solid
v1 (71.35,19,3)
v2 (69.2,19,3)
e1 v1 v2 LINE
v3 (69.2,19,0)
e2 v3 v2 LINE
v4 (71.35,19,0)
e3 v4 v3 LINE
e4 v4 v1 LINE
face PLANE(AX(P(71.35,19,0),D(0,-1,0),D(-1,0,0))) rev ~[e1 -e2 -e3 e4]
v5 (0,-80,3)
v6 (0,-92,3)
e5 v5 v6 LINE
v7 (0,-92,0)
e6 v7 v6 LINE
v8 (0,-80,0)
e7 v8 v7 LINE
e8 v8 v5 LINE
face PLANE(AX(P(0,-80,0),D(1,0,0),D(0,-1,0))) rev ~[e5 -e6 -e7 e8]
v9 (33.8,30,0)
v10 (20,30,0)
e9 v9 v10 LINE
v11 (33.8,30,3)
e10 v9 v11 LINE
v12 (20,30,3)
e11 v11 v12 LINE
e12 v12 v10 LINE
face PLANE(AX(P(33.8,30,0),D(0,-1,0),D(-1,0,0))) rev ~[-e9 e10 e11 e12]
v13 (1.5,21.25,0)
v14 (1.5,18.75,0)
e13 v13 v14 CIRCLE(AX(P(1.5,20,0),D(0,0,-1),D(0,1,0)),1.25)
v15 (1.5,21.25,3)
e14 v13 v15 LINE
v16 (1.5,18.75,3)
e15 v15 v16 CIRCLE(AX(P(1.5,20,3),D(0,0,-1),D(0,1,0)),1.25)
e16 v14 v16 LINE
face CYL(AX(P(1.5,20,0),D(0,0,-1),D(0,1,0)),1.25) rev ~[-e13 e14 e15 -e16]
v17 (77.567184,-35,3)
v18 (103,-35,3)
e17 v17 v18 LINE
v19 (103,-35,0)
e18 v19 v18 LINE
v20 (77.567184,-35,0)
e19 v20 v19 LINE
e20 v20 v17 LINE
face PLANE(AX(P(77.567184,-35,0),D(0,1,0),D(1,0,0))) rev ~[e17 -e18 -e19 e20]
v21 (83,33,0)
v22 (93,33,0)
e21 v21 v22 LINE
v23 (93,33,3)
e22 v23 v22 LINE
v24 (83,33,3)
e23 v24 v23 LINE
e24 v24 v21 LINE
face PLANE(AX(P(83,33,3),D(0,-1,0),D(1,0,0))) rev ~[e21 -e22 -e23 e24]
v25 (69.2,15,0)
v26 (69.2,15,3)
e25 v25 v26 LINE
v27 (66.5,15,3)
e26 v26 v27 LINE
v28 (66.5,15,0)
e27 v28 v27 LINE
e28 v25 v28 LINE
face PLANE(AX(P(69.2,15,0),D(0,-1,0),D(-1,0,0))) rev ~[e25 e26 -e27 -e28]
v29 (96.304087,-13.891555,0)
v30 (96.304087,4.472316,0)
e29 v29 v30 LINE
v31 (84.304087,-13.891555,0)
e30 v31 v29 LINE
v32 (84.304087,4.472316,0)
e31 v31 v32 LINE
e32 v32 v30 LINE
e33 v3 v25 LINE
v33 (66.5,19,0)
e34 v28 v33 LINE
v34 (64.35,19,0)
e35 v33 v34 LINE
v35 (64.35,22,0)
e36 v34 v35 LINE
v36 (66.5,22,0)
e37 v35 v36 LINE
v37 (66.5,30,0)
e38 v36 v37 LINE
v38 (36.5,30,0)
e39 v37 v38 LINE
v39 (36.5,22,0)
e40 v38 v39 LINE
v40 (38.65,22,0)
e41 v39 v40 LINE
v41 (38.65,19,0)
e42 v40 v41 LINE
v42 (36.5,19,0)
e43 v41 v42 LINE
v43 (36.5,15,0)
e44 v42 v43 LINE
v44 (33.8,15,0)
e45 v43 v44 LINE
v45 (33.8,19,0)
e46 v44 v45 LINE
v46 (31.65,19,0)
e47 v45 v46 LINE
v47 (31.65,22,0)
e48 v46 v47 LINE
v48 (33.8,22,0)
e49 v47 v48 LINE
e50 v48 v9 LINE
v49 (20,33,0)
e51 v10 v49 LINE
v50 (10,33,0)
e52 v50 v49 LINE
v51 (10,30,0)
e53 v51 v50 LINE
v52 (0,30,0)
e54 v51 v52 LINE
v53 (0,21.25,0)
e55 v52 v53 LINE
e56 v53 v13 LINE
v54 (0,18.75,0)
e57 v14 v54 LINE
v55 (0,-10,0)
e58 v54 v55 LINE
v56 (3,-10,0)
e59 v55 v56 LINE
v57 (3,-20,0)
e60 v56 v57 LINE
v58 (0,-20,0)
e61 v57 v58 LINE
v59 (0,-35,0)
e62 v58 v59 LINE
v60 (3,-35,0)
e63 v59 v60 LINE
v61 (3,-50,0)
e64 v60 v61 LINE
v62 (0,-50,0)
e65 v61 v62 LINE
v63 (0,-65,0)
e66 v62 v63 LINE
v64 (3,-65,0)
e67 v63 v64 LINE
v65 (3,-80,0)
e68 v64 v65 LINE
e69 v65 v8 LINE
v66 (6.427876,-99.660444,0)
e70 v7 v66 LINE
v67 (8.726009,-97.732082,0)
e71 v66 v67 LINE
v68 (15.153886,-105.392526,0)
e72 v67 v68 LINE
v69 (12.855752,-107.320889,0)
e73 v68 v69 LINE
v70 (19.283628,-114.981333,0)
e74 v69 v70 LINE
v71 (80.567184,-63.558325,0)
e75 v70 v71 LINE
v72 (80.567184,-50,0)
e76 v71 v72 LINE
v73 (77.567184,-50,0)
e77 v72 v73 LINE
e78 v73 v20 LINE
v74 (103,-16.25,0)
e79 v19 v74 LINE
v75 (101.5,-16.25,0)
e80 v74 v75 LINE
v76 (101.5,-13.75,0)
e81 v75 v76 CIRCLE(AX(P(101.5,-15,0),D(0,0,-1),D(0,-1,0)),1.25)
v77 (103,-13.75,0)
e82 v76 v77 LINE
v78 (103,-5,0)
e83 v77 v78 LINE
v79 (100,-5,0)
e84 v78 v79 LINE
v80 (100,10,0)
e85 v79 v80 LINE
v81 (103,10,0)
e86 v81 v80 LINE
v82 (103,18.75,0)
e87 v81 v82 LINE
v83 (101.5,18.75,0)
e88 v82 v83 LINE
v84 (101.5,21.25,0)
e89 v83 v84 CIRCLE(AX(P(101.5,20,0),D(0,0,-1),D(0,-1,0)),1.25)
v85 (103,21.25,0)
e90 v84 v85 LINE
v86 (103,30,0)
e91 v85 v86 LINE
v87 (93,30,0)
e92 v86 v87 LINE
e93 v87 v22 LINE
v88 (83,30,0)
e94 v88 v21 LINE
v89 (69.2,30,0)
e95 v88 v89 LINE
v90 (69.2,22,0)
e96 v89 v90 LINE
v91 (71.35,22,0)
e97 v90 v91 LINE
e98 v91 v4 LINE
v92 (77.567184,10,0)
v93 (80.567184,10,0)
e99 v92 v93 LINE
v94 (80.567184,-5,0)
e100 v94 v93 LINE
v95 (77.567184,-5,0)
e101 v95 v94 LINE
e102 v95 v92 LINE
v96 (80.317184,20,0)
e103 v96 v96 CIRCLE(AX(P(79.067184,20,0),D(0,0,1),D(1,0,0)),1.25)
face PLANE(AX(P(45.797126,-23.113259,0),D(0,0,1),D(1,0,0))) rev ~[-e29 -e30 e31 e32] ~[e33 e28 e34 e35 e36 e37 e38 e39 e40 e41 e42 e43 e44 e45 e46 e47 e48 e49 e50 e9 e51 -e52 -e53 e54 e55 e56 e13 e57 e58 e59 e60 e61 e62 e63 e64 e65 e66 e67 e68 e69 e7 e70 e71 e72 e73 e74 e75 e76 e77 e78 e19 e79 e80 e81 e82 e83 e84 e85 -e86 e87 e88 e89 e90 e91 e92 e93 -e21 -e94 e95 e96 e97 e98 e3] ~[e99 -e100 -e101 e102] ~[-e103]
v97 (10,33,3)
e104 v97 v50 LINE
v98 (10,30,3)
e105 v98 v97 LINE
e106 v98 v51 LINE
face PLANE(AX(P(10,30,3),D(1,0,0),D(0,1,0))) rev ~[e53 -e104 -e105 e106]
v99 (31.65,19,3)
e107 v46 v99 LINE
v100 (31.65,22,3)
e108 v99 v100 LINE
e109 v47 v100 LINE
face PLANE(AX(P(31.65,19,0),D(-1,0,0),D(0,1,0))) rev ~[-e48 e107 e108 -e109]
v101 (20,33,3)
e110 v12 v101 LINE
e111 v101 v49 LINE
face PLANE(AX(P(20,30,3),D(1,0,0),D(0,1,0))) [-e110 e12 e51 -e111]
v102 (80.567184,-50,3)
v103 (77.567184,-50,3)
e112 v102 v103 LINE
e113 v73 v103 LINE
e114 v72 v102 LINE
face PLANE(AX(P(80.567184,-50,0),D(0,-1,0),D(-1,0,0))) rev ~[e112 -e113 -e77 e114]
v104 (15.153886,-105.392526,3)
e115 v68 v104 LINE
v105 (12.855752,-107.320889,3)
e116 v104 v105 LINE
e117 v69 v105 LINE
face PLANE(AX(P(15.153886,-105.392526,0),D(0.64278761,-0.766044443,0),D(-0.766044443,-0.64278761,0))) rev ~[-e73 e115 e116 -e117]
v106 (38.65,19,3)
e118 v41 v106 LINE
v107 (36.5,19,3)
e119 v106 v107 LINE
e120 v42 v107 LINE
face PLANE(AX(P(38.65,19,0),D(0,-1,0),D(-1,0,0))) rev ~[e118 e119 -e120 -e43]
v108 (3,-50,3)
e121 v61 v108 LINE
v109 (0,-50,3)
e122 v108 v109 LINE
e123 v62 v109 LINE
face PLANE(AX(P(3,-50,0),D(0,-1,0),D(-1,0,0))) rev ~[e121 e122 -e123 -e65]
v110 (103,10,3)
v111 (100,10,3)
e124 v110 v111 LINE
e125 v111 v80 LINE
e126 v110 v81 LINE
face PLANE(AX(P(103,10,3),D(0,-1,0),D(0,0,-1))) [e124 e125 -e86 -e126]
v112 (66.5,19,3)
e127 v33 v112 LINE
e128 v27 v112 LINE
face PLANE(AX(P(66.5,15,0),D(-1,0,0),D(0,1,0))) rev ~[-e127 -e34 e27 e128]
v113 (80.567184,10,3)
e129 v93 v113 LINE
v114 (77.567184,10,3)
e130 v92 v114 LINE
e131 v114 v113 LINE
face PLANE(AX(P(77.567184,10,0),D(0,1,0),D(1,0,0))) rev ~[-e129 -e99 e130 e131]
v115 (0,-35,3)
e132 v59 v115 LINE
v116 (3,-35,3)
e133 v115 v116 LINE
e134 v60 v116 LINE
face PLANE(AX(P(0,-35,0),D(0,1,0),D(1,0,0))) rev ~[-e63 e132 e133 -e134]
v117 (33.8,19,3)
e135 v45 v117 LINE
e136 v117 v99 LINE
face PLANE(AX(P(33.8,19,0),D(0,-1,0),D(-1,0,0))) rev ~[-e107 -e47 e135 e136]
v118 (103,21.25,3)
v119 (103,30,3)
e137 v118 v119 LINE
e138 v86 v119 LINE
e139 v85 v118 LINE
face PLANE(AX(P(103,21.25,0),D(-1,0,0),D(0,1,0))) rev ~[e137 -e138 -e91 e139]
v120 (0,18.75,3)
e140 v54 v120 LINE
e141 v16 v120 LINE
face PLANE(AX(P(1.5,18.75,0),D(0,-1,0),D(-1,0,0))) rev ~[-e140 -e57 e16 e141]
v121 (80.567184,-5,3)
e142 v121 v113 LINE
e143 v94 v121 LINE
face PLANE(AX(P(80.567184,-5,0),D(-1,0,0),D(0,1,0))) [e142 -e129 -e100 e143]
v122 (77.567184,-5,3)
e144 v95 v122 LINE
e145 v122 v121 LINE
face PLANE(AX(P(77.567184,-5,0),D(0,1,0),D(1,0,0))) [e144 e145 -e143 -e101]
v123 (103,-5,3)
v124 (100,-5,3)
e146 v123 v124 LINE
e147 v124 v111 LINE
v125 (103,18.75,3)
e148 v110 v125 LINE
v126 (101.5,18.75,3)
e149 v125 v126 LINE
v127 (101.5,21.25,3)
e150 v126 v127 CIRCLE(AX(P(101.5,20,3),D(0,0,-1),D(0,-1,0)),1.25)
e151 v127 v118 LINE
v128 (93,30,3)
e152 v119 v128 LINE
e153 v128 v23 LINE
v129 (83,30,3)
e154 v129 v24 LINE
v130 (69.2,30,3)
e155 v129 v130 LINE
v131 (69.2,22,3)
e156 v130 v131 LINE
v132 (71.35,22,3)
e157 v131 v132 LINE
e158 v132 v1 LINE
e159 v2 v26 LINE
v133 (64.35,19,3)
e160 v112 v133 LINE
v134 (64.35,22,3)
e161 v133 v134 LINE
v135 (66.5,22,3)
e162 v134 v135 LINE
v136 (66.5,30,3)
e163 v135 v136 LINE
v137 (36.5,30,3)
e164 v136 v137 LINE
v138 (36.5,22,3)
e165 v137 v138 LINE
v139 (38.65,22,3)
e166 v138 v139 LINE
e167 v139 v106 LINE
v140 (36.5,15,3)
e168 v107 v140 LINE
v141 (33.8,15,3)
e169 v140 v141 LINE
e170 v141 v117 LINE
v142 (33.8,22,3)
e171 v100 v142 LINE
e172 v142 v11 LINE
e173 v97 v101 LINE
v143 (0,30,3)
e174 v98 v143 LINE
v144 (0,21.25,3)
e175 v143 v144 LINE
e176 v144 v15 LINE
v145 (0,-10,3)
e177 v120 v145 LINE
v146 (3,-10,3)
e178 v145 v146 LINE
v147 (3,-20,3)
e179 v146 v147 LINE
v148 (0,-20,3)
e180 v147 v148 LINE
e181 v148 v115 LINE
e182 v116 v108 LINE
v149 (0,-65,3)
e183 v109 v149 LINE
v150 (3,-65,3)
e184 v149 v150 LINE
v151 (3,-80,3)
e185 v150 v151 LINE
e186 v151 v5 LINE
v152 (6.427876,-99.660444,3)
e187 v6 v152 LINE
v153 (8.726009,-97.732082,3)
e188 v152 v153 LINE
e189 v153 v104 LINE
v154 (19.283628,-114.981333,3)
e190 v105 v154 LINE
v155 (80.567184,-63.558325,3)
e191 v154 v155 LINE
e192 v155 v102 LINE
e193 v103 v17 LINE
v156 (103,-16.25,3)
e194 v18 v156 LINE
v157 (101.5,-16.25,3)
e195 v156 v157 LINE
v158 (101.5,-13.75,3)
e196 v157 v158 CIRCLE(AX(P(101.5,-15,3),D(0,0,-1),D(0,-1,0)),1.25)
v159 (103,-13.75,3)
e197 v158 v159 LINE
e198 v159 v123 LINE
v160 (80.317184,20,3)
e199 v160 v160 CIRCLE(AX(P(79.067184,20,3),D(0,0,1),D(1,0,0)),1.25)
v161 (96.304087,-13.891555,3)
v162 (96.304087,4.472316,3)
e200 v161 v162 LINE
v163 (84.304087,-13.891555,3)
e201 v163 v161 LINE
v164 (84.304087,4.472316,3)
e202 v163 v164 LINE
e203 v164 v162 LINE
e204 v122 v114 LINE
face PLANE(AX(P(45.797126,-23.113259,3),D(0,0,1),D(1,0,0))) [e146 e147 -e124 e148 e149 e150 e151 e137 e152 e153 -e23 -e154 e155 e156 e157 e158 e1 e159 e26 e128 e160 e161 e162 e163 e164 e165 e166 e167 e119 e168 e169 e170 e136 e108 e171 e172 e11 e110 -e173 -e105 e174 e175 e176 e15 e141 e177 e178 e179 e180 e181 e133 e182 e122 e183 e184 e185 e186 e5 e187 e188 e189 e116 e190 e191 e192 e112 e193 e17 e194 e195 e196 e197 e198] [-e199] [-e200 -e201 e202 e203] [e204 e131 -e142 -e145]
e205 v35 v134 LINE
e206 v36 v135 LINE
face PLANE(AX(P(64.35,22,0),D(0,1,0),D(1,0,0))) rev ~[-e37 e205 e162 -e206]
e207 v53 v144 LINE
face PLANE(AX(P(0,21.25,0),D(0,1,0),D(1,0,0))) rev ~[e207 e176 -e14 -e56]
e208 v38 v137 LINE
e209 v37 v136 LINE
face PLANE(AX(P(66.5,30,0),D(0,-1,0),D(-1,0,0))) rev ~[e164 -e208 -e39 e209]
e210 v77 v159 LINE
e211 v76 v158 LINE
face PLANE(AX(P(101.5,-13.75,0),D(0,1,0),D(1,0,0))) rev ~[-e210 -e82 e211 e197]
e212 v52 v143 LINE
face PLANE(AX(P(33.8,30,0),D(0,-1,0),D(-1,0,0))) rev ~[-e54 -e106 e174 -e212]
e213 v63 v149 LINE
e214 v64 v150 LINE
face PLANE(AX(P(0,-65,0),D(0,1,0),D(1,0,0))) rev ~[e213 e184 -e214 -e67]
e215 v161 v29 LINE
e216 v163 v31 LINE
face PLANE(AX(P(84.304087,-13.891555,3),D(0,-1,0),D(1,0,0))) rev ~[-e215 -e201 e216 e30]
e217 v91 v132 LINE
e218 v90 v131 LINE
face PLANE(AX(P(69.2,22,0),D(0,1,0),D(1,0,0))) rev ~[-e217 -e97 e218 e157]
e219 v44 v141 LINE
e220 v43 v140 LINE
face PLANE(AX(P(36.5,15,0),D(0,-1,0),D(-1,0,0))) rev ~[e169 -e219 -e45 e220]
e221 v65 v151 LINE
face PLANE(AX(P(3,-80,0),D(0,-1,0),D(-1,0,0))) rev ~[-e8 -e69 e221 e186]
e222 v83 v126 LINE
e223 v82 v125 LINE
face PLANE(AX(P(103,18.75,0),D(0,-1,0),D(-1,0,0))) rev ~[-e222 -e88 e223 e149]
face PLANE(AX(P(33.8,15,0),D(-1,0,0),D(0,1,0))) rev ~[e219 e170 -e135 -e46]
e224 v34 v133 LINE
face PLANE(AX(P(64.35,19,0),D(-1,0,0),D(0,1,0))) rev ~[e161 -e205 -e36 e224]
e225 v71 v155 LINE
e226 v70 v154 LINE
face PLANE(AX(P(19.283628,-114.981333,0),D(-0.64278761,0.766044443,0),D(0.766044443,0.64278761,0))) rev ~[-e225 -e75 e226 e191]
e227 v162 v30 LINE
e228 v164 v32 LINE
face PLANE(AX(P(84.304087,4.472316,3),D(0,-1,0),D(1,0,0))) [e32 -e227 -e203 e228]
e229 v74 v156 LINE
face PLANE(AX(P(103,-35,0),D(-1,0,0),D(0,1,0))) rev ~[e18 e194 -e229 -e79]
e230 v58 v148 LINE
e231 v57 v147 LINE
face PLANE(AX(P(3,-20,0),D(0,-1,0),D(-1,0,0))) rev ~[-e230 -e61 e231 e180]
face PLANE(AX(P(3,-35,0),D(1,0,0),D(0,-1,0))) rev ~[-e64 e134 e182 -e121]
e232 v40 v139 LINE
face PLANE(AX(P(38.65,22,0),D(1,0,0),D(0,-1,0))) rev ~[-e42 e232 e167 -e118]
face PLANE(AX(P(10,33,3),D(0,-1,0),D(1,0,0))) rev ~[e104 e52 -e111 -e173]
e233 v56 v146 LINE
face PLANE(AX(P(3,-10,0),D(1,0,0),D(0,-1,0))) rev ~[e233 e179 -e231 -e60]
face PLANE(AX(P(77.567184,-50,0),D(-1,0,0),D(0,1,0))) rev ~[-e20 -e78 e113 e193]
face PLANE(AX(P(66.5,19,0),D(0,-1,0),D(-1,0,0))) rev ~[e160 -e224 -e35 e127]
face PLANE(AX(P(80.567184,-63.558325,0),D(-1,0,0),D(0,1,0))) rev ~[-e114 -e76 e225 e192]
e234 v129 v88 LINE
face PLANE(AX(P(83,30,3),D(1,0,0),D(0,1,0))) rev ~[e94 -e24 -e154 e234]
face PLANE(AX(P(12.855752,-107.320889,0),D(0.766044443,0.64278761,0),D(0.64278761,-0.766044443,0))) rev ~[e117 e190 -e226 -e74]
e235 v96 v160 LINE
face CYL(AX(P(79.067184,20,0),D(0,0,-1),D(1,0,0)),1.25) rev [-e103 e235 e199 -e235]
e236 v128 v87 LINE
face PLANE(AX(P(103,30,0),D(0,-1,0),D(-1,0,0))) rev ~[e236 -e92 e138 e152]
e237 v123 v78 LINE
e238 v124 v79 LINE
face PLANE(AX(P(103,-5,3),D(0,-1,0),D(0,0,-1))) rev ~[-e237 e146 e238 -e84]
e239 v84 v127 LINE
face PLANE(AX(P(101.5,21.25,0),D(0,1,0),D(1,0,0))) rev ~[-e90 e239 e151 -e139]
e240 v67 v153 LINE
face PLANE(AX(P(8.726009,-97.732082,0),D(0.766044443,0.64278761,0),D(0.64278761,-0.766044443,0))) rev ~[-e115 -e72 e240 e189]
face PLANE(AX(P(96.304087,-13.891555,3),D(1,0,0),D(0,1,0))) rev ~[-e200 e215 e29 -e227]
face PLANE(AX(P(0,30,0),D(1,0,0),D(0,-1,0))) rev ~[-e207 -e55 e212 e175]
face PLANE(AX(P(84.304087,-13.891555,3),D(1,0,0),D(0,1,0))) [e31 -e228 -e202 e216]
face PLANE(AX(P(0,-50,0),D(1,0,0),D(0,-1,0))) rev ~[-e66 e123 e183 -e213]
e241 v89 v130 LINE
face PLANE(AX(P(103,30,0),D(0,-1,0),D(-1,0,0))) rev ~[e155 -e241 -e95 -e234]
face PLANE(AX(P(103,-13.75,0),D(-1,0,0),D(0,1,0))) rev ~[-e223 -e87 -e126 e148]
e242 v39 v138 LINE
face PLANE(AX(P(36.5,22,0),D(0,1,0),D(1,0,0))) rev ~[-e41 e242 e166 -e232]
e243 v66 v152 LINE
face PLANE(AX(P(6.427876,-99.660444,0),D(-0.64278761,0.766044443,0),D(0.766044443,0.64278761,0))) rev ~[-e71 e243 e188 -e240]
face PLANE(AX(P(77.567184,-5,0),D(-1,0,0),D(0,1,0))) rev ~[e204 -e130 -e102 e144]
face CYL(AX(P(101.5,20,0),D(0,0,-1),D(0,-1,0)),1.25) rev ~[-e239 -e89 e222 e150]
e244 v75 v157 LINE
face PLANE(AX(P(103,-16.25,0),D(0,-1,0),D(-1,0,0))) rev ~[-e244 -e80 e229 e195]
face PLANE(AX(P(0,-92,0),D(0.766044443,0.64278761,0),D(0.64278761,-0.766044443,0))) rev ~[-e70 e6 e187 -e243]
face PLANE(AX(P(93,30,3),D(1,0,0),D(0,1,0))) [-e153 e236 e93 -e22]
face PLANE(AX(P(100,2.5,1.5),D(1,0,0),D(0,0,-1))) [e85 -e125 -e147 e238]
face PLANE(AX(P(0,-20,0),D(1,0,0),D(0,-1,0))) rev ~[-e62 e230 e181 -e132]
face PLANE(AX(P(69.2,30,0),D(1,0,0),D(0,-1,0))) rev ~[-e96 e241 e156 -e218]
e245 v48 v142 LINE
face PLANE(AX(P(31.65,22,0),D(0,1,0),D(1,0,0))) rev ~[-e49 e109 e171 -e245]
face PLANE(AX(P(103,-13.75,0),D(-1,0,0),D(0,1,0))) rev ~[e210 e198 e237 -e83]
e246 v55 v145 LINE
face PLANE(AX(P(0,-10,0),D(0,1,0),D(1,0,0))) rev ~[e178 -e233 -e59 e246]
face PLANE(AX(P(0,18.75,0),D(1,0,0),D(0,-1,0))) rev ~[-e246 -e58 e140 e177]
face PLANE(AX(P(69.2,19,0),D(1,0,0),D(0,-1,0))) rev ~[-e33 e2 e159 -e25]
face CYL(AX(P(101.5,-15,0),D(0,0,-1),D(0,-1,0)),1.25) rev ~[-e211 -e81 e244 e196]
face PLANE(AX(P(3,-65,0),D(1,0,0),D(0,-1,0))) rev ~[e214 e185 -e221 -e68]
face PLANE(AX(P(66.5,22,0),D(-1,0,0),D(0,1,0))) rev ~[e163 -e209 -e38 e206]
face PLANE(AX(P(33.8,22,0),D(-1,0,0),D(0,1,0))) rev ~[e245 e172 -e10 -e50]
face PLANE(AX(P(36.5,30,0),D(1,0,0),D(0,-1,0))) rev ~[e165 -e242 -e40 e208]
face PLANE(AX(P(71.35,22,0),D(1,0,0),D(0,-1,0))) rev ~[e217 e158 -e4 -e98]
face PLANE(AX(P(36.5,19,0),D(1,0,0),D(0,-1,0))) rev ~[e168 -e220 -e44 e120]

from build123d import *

# Parameters (mm, degrees)
CROQUIS1_W              = 3
CROQUIS1_H              = 15
CROQUIS1_R              = 1.25
SALIENTE_EXTRUIR1_DEPTH = 3
CROQUIS2_W              = 3
CROQUIS2_H              = 15
CORTAR_EXTRUIR1_DEPTH   = 3
CROQUIS3_W              = 10
CROQUIS3_H              = 3
SALIENTE_EXTRUIR2_DEPTH = 3
CROQUIS4_W              = 12
CROQUIS4_H              = 18.363871442
CORTAR_EXTRUIR2_DEPTH   = 3


with BuildPart() as part:
    # Croquis1 → Saliente-Extruir1 (new body)
    with BuildSketch(Plane.XY):
        with BuildLine():
            Line((103, 21.25), (103, 30))
            Line((103, 30), (69.2, 30))
            Line((69.2, 30), (69.2, 22))
            Line((69.2, 22), (71.35, 22))
            Line((71.35, 22), (71.35, 19))
            Line((71.35, 19), (69.2, 19))
            Line((69.2, 19), (69.2, 15))
            Line((69.2, 15), (66.5, 15))
            Line((66.5, 15), (66.5, 19))
            Line((66.5, 19), (64.35, 19))
            Line((64.35, 19), (64.35, 22))
            Line((64.35, 22), (66.5, 22))
            Line((66.5, 22), (66.5, 30))
            Line((66.5, 30), (36.5, 30))
            Line((36.5, 30), (36.5, 22))
            Line((36.5, 22), (38.65, 22))
            Line((38.65, 22), (38.65, 19))
            Line((38.65, 19), (36.5, 19))
            Line((36.5, 19), (36.5, 15))
            Line((36.5, 15), (33.8, 15))
            Line((33.8, 15), (33.8, 19))
            Line((33.8, 19), (31.65, 19))
            Line((31.65, 19), (31.65, 22))
            Line((31.65, 22), (33.8, 22))
            Line((33.8, 22), (33.8, 30))
            Line((33.8, 30), (0, 30))
            Line((0, 30), (0, 21.25))
            Line((0, 21.25), (1.5, 21.25))
            ThreePointArc((1.5, 21.25), (2.75, 20), (1.5, 18.75))
            Line((1.5, 18.75), (0, 18.75))
            Line((0, 18.75), (0, 0))
            Line((0, 0), (0, -10))
            Line((0, -10), (3, -10))
            Line((3, -10), (3, -20))
            Line((3, -20), (0, -20))
            Line((0, -20), (0, -35))
            Line((0, -35), (3, -35))
            Line((3, -35), (3, -50))
            Line((3, -50), (0, -50))
            Line((0, -50), (0, -65))
            Line((0, -65), (3, -65))
            Line((3, -65), (3, -80))
            Line((3, -80), (0, -80))
            Line((0, -80), (0, -92))
            Line((0, -92), (6.427876097, -99.660444431))
            Line((6.427876097, -99.660444431), (8.726009426, -97.732081602))
            Line((8.726009426, -97.732081602), (15.153885523, -105.392526033))
            Line((15.153885523, -105.392526033), (12.855752194, -107.320888862))
            Line((12.855752194, -107.320888862), (19.283628291, -114.981333294))
            Line((19.283628291, -114.981333294), (80.56718374, -63.558324519))
            Line((80.56718374, -63.558324519), (80.56718374, -50))
            Line((80.56718374, -50), (77.56718374, -50))
            Line((77.56718374, -50), (77.56718374, -35))
            Line((77.56718374, -35), (103, -35))
            Line((103, -35), (103, -16.25))
            Line((103, -16.25), (101.5, -16.25))
            ThreePointArc((101.5, -16.25), (100.25, -15), (101.5, -13.75))
            Line((101.5, -13.75), (103, -13.75))
            Line((103, -13.75), (103, 18.75))
            Line((103, 18.75), (101.5, 18.75))
            ThreePointArc((101.5, 18.75), (100.25, 20), (101.5, 21.25))
            Line((101.5, 21.25), (103, 21.25))
        make_face()
        with Locations((79.06718374, 2.5)):
            Rectangle(CROQUIS1_W, CROQUIS1_H, mode=Mode.SUBTRACT)
        with Locations((79.06718374, 20)):
            Circle(CROQUIS1_R, mode=Mode.SUBTRACT)
    extrude(amount=SALIENTE_EXTRUIR1_DEPTH)

    # Croquis2 → Cortar-Extruir1 (cut)
    with BuildSketch(Plane(origin=(103, 0, 0), x_dir=(0, 0, -1), z_dir=(1, 0, 0))):
        with Locations((-1.5, 2.5)):
            Rectangle(CROQUIS2_W, CROQUIS2_H)
    extrude(amount=-CORTAR_EXTRUIR1_DEPTH, mode=Mode.SUBTRACT)

    # Croquis3 → Saliente-Extruir2 (add)
    with BuildSketch(Plane.XY.offset(3)):
        with Locations((15, 31.5)):
            Rectangle(CROQUIS3_W, CROQUIS3_H)
        with Locations((88, 31.5)):
            Rectangle(CROQUIS3_W, CROQUIS3_H)
    extrude(amount=-SALIENTE_EXTRUIR2_DEPTH)

    # Croquis4 → Cortar-Extruir2 (cut)
    with BuildSketch(Plane.XY.offset(3)):
        with Locations((90.304087079, -4.709619469)):
            Rectangle(CROQUIS4_W, CROQUIS4_H)
    extrude(amount=-CORTAR_EXTRUIR2_DEPTH, mode=Mode.SUBTRACT)


solid = part.part
